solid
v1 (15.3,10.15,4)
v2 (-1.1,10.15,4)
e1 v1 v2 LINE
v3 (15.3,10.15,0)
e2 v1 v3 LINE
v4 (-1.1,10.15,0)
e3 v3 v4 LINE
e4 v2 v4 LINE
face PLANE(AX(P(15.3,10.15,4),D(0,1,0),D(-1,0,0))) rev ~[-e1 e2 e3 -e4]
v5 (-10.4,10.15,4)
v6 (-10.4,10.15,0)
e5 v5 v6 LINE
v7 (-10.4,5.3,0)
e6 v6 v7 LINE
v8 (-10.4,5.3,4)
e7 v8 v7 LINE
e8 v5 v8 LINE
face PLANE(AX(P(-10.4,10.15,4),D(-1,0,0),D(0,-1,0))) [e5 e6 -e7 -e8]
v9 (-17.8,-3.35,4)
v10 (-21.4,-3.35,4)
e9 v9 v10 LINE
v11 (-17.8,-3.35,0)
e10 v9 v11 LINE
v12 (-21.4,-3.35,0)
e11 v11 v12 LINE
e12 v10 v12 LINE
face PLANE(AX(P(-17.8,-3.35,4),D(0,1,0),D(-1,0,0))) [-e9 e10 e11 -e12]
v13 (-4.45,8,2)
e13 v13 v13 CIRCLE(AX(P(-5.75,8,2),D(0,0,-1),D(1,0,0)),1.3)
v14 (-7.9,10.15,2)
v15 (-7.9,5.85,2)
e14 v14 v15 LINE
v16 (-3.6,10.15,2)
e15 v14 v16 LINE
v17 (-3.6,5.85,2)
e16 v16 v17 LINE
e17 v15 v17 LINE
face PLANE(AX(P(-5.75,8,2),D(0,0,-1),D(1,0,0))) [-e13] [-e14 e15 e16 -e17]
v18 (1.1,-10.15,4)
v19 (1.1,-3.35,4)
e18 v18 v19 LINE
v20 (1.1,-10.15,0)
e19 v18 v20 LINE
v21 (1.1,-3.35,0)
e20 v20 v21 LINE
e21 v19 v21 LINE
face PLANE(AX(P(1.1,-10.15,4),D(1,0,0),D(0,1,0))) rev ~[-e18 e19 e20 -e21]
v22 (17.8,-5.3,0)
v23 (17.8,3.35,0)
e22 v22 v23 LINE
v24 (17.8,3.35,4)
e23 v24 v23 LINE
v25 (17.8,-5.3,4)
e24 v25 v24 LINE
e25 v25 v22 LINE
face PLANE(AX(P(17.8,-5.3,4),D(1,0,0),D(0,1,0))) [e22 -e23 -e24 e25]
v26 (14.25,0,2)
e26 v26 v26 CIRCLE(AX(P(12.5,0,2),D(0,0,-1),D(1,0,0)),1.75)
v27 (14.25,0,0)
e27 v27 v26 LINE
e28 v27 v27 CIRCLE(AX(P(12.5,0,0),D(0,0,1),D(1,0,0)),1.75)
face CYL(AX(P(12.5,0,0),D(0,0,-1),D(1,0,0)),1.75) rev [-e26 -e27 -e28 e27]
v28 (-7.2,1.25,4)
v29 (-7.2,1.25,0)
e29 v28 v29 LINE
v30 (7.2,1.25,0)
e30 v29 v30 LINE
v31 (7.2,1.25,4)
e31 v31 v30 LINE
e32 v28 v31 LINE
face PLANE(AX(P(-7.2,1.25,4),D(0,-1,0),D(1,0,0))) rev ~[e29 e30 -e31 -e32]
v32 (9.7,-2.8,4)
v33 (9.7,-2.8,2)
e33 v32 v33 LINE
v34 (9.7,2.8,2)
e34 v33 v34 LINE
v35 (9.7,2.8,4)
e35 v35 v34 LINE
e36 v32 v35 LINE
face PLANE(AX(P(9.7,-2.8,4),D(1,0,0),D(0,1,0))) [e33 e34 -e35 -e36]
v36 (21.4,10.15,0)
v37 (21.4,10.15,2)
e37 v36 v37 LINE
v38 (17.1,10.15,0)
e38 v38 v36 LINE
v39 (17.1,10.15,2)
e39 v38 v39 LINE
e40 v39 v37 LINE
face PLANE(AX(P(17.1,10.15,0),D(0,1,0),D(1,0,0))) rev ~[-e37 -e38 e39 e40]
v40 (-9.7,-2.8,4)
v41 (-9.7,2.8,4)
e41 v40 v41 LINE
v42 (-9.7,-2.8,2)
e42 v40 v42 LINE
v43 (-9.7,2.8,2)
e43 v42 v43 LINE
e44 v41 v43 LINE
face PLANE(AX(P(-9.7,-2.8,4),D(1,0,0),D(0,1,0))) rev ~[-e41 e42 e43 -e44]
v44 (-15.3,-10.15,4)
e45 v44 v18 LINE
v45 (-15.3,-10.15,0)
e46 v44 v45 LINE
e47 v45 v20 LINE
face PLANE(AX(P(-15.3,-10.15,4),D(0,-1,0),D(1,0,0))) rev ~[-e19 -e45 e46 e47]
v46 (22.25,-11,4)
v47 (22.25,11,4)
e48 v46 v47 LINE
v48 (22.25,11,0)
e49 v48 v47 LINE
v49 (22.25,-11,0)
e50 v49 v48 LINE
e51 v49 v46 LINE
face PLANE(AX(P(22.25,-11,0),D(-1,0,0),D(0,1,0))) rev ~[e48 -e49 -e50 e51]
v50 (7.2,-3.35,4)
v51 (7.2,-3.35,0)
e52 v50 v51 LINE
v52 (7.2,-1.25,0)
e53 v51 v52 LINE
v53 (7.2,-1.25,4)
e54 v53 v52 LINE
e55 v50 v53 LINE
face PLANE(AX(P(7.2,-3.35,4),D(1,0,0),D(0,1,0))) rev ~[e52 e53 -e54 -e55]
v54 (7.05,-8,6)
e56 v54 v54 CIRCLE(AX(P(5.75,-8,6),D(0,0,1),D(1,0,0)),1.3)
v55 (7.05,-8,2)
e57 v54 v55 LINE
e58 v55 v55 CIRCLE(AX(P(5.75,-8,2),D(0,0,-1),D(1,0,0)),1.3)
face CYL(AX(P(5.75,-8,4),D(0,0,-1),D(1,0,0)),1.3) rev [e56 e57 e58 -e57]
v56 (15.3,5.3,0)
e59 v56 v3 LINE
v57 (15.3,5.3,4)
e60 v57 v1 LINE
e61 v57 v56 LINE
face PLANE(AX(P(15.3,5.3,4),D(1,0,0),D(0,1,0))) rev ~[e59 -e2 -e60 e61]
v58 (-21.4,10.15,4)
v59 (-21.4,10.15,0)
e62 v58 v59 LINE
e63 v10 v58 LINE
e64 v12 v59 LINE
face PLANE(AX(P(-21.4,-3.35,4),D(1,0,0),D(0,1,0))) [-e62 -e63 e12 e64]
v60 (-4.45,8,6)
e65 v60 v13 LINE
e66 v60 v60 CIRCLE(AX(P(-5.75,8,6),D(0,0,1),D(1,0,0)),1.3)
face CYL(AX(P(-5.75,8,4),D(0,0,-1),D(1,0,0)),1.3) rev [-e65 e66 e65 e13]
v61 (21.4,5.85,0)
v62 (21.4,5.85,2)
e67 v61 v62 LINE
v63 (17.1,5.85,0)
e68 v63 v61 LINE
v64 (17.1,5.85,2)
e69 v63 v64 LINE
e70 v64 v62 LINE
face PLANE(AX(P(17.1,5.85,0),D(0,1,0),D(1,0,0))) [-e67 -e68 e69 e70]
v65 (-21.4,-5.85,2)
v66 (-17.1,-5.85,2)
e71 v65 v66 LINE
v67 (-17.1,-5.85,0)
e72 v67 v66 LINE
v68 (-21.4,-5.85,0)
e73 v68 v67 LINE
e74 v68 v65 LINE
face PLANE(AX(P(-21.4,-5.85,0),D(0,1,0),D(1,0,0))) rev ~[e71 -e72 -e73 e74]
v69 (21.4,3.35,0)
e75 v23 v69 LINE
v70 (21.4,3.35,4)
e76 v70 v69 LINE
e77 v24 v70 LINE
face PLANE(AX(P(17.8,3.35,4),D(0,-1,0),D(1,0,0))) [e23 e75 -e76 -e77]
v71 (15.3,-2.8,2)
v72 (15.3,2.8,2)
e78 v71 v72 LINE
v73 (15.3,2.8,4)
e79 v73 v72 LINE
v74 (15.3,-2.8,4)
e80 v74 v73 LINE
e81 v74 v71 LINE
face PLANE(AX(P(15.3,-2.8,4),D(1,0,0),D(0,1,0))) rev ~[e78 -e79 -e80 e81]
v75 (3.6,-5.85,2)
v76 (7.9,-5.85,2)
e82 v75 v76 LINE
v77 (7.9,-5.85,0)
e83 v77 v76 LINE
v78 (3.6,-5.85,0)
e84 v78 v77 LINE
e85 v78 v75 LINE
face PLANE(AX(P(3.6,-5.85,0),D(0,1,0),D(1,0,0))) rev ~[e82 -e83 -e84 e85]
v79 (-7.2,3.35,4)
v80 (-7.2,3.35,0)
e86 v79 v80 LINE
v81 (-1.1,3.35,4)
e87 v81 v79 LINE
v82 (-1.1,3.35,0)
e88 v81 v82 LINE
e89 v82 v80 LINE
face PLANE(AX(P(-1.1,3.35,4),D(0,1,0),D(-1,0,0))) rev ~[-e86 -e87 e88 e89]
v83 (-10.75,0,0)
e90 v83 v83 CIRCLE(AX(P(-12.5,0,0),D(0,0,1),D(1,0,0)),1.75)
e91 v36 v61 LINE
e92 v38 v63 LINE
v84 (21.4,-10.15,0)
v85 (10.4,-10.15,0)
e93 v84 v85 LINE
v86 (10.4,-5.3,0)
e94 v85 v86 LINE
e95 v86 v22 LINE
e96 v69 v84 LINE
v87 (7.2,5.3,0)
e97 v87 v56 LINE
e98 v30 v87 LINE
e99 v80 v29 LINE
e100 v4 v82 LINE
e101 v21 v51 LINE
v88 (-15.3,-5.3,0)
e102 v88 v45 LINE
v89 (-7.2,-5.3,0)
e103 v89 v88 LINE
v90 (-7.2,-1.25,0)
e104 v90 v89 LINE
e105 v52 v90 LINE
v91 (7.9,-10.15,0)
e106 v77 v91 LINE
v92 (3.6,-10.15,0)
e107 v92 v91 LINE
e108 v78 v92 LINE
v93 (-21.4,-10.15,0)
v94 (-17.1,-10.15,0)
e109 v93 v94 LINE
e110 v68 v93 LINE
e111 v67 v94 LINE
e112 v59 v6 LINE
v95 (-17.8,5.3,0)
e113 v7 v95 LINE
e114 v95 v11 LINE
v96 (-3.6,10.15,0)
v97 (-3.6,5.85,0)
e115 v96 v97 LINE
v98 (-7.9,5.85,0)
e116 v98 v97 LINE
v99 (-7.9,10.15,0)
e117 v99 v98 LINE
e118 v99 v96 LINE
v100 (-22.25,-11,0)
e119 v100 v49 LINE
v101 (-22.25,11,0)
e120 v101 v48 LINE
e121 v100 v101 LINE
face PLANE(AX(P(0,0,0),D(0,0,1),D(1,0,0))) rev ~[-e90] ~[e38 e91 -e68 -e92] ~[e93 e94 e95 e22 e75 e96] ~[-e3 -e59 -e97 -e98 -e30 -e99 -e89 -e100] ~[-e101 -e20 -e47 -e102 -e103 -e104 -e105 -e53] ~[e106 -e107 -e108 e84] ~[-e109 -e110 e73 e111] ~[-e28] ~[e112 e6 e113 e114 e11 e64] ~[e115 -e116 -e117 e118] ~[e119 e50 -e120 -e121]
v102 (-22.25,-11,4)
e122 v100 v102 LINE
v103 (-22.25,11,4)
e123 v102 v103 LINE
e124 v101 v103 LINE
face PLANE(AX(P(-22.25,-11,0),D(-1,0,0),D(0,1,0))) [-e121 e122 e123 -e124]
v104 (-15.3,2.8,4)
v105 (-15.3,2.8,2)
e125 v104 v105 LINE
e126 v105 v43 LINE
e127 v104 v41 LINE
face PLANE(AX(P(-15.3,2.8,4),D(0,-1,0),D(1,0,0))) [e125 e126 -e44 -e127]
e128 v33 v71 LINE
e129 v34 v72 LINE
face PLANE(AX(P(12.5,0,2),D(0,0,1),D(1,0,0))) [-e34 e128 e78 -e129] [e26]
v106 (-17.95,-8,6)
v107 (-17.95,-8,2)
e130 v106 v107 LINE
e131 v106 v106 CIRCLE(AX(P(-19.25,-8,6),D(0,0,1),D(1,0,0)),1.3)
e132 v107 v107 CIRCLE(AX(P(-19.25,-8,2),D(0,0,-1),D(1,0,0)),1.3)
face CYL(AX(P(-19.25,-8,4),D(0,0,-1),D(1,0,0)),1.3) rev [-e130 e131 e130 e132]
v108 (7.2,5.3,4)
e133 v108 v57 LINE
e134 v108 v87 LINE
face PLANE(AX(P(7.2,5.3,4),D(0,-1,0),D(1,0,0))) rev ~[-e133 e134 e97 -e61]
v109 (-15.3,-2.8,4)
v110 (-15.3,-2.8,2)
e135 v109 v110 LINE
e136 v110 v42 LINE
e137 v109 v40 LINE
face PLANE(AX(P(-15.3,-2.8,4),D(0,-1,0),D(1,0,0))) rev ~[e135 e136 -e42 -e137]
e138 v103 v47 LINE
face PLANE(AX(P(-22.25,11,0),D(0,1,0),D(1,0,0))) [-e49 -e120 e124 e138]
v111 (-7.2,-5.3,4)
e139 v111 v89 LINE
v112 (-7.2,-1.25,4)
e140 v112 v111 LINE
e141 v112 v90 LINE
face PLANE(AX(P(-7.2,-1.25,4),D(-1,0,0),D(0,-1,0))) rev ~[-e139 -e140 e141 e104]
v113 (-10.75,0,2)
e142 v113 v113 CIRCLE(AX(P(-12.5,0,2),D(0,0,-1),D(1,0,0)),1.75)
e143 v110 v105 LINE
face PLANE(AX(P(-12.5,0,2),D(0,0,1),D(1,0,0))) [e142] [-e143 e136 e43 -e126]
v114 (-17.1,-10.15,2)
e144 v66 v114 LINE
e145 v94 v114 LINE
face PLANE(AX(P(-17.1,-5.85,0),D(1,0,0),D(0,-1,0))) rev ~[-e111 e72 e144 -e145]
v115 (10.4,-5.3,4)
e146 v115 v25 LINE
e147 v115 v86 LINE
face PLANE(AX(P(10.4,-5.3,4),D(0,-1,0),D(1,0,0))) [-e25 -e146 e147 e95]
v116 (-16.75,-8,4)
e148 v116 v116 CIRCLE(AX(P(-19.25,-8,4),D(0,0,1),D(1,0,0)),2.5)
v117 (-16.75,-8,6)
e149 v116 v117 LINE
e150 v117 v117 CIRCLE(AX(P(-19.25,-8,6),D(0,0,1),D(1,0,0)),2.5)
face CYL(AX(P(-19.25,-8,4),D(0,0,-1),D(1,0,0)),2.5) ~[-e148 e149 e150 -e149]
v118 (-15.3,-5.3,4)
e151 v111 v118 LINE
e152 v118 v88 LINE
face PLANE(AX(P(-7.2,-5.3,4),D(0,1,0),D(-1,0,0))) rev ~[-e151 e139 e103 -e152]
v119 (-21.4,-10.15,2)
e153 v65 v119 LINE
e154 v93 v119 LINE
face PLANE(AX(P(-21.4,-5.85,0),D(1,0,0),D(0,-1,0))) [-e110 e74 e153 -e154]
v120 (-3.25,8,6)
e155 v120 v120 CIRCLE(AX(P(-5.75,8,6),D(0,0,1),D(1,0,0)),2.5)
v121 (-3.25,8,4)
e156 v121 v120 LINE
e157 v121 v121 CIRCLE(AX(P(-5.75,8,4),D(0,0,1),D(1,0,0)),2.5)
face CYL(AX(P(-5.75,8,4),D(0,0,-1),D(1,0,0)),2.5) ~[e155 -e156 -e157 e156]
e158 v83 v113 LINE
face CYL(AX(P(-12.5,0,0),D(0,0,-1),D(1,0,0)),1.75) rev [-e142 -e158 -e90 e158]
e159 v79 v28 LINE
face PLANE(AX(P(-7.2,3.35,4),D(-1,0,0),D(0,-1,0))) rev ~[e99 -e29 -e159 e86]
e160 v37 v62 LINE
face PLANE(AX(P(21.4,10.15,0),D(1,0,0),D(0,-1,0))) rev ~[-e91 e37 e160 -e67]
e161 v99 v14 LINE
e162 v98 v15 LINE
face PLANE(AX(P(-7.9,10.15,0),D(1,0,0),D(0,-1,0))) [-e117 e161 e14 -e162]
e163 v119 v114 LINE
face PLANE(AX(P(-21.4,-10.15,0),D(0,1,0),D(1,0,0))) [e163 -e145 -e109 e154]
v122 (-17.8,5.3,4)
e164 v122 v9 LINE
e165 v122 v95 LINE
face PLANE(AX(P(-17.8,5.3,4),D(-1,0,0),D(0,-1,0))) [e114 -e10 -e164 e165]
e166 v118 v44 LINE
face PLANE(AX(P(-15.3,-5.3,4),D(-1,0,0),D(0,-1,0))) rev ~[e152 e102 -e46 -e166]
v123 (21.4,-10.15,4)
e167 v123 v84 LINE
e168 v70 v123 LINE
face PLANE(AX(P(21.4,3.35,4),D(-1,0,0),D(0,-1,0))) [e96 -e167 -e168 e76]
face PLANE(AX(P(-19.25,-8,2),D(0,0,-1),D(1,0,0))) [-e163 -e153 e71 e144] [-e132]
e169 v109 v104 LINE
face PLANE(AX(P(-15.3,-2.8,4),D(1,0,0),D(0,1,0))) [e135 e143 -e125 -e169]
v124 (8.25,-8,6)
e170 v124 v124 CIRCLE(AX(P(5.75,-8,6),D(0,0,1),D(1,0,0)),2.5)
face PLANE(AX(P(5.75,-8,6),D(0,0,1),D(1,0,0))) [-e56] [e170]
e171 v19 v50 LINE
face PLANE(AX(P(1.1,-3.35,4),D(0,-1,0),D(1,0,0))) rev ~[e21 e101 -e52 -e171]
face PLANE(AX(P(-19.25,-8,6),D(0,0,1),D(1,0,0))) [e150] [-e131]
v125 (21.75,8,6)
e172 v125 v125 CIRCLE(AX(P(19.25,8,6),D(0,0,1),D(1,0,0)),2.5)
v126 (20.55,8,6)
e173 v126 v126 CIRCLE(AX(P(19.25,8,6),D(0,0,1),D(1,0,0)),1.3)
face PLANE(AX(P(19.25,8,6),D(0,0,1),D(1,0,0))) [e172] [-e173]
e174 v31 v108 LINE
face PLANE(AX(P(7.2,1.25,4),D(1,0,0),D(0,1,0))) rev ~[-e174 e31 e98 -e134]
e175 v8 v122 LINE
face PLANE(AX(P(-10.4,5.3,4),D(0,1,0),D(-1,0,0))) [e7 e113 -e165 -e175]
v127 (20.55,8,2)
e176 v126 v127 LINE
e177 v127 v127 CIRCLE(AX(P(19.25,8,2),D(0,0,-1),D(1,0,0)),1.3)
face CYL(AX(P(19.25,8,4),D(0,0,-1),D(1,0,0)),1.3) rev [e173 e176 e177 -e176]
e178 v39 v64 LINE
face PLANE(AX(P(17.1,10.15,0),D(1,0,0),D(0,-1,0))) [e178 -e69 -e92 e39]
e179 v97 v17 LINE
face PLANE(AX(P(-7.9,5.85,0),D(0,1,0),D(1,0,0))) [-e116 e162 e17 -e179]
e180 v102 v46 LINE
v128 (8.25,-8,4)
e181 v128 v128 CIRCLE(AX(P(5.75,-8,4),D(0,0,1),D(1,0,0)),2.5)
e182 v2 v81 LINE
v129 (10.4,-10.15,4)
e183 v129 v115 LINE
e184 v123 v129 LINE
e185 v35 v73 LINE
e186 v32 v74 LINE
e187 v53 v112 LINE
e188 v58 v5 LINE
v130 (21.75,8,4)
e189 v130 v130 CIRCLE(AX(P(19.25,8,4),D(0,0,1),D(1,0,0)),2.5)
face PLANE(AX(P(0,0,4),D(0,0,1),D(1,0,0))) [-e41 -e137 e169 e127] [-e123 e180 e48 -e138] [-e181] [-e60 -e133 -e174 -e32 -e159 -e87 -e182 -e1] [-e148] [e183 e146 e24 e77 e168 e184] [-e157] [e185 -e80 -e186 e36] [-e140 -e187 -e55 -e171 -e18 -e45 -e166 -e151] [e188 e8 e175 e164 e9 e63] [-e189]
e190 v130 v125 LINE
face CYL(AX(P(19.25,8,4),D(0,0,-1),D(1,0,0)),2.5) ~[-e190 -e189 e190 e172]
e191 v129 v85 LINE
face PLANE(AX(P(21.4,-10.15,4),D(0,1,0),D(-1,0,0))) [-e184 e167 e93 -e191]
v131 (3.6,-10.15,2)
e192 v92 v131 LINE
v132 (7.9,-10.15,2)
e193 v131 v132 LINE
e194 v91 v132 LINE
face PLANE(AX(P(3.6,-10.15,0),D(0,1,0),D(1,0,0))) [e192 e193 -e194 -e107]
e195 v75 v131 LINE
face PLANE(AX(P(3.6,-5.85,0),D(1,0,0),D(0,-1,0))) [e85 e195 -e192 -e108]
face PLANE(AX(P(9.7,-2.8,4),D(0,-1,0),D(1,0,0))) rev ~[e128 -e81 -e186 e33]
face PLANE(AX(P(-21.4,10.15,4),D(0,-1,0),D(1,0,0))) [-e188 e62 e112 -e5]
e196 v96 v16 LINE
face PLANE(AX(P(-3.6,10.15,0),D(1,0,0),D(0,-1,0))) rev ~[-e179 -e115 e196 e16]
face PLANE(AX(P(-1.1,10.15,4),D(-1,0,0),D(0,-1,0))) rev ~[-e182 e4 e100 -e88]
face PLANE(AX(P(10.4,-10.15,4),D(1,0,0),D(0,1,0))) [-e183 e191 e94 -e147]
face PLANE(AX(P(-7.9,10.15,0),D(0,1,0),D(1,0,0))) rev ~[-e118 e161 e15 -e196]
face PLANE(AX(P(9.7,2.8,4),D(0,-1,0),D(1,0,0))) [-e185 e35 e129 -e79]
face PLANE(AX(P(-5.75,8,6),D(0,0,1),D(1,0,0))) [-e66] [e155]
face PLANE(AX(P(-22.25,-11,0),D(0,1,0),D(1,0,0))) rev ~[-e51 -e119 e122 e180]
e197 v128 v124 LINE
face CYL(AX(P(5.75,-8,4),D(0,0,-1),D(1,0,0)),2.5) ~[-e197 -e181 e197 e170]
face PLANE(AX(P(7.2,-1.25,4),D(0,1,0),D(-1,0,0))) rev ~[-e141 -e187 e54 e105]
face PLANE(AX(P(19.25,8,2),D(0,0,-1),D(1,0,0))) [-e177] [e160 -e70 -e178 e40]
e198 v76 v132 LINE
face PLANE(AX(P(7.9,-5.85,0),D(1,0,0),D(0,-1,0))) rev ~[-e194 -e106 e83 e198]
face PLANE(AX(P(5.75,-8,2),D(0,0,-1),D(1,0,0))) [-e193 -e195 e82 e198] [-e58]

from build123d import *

# Parameters (mm, degrees)
SKETCH_W        = 44.5
SKETCH_H        = 22
SKETCH_R        = 1.75
SKETCH_R_2      = 1.3
PAD_DEPTH       = 4
SKETCH001_W     = 5.6
SKETCH001_H     = 5.6
POCKET_DEPTH    = 2
SKETCH002_W     = 4.3
SKETCH002_H     = 4.3
POCKET001_DEPTH = 2
SKETCH003_R     = 2.5
SKETCH003_R_2   = 1.3
PAD001_DEPTH    = 2
POCKET002_DEPTH = 4.001


with BuildPart() as part:
    # Sketch → Pad (new body)
    with BuildSketch(Plane.XY):
        Rectangle(SKETCH_W, SKETCH_H)
        with Locations((-12.5, 0)):
            Circle(SKETCH_R, mode=Mode.SUBTRACT)
        with Locations((12.5, 0)):
            Circle(SKETCH_R, mode=Mode.SUBTRACT)
        with Locations((-19.25, -8)):
            Circle(SKETCH_R_2, mode=Mode.SUBTRACT)
        with Locations((-5.75, 8)):
            Circle(SKETCH_R_2, mode=Mode.SUBTRACT)
        with Locations((19.25, 8)):
            Circle(SKETCH_R_2, mode=Mode.SUBTRACT)
        with Locations((5.75, -8)):
            Circle(SKETCH_R_2, mode=Mode.SUBTRACT)
    extrude(amount=PAD_DEPTH)

    # Sketch001 (on Face12 of Pad) → Pocket (cut)
    with BuildSketch(Plane.XY.offset(4)):
        with Locations((-12.5, 0)):
            Rectangle(SKETCH001_W, SKETCH001_H)
        with Locations((12.5, 0)):
            Rectangle(SKETCH001_W, SKETCH001_H)
    extrude(amount=-POCKET_DEPTH, mode=Mode.SUBTRACT)

    # Sketch002 → Pocket001 (cut)
    with BuildSketch(Plane(origin=(0, 0, 0), x_dir=(1, 0, 0), z_dir=(0, 0, -1))):
        with Locations((-19.25, 8)):
            Rectangle(SKETCH002_W, SKETCH002_H)
        with Locations((5.75, 8)):
            Rectangle(SKETCH002_W, SKETCH002_H)
        with Locations((-5.75, -8)):
            Rectangle(SKETCH002_W, SKETCH002_H)
        with Locations((19.25, -8)):
            Rectangle(SKETCH002_W, SKETCH002_H)
    extrude(amount=-POCKET001_DEPTH, mode=Mode.SUBTRACT)

    # Sketch003 (on Face5 of Pocket001) → Pad001 (join)
    with BuildSketch(Plane.XY.offset(4)):
        with Locations((-5.75, 8)):
            Circle(SKETCH003_R)
        with Locations((-5.75, 8)):
            Circle(SKETCH003_R_2, mode=Mode.SUBTRACT)
        with Locations((-19.25, -8)):
            Circle(SKETCH003_R)
        with Locations((-19.25, -8)):
            Circle(SKETCH003_R_2, mode=Mode.SUBTRACT)
        with Locations((5.75, -8)):
            Circle(SKETCH003_R)
        with Locations((5.75, -8)):
            Circle(SKETCH003_R_2, mode=Mode.SUBTRACT)
        with Locations((19.25, 8)):
            Circle(SKETCH003_R)
        with Locations((19.25, 8)):
            Circle(SKETCH003_R_2, mode=Mode.SUBTRACT)
    extrude(amount=PAD001_DEPTH)

    # Sketch004 (on Face5 of Pad001) → Pocket002 (cut, through all)
    with BuildSketch(Plane.XY.offset(4)):
        Polygon((-21.4, 10.15), (-10.4, 10.15), (-10.4, 5.3), (-17.8, 5.3), (-17.8, -3.35), (-21.4, -3.35), align=None)
        Polygon((17.8, 3.35), (21.4, 3.35), (21.4, -10.15), (10.4, -10.15), (10.4, -5.3), (17.8, -5.3), align=None)
        Polygon((-1.1, 10.15), (-1.1, 3.35), (-7.2, 3.35), (-7.2, 1.25), (7.2, 1.25), (7.2, 5.3), (15.3, 5.3), (15.3, 10.15), align=None)
        Polygon((-15.3, -5.3), (-15.3, -10.15), (1.1, -10.15), (1.1, -3.35), (7.2, -3.35), (7.2, -1.25), (-7.2, -1.25), (-7.2, -5.3), align=None)
    extrude(amount=-POCKET002_DEPTH, mode=Mode.SUBTRACT)


solid = part.part
